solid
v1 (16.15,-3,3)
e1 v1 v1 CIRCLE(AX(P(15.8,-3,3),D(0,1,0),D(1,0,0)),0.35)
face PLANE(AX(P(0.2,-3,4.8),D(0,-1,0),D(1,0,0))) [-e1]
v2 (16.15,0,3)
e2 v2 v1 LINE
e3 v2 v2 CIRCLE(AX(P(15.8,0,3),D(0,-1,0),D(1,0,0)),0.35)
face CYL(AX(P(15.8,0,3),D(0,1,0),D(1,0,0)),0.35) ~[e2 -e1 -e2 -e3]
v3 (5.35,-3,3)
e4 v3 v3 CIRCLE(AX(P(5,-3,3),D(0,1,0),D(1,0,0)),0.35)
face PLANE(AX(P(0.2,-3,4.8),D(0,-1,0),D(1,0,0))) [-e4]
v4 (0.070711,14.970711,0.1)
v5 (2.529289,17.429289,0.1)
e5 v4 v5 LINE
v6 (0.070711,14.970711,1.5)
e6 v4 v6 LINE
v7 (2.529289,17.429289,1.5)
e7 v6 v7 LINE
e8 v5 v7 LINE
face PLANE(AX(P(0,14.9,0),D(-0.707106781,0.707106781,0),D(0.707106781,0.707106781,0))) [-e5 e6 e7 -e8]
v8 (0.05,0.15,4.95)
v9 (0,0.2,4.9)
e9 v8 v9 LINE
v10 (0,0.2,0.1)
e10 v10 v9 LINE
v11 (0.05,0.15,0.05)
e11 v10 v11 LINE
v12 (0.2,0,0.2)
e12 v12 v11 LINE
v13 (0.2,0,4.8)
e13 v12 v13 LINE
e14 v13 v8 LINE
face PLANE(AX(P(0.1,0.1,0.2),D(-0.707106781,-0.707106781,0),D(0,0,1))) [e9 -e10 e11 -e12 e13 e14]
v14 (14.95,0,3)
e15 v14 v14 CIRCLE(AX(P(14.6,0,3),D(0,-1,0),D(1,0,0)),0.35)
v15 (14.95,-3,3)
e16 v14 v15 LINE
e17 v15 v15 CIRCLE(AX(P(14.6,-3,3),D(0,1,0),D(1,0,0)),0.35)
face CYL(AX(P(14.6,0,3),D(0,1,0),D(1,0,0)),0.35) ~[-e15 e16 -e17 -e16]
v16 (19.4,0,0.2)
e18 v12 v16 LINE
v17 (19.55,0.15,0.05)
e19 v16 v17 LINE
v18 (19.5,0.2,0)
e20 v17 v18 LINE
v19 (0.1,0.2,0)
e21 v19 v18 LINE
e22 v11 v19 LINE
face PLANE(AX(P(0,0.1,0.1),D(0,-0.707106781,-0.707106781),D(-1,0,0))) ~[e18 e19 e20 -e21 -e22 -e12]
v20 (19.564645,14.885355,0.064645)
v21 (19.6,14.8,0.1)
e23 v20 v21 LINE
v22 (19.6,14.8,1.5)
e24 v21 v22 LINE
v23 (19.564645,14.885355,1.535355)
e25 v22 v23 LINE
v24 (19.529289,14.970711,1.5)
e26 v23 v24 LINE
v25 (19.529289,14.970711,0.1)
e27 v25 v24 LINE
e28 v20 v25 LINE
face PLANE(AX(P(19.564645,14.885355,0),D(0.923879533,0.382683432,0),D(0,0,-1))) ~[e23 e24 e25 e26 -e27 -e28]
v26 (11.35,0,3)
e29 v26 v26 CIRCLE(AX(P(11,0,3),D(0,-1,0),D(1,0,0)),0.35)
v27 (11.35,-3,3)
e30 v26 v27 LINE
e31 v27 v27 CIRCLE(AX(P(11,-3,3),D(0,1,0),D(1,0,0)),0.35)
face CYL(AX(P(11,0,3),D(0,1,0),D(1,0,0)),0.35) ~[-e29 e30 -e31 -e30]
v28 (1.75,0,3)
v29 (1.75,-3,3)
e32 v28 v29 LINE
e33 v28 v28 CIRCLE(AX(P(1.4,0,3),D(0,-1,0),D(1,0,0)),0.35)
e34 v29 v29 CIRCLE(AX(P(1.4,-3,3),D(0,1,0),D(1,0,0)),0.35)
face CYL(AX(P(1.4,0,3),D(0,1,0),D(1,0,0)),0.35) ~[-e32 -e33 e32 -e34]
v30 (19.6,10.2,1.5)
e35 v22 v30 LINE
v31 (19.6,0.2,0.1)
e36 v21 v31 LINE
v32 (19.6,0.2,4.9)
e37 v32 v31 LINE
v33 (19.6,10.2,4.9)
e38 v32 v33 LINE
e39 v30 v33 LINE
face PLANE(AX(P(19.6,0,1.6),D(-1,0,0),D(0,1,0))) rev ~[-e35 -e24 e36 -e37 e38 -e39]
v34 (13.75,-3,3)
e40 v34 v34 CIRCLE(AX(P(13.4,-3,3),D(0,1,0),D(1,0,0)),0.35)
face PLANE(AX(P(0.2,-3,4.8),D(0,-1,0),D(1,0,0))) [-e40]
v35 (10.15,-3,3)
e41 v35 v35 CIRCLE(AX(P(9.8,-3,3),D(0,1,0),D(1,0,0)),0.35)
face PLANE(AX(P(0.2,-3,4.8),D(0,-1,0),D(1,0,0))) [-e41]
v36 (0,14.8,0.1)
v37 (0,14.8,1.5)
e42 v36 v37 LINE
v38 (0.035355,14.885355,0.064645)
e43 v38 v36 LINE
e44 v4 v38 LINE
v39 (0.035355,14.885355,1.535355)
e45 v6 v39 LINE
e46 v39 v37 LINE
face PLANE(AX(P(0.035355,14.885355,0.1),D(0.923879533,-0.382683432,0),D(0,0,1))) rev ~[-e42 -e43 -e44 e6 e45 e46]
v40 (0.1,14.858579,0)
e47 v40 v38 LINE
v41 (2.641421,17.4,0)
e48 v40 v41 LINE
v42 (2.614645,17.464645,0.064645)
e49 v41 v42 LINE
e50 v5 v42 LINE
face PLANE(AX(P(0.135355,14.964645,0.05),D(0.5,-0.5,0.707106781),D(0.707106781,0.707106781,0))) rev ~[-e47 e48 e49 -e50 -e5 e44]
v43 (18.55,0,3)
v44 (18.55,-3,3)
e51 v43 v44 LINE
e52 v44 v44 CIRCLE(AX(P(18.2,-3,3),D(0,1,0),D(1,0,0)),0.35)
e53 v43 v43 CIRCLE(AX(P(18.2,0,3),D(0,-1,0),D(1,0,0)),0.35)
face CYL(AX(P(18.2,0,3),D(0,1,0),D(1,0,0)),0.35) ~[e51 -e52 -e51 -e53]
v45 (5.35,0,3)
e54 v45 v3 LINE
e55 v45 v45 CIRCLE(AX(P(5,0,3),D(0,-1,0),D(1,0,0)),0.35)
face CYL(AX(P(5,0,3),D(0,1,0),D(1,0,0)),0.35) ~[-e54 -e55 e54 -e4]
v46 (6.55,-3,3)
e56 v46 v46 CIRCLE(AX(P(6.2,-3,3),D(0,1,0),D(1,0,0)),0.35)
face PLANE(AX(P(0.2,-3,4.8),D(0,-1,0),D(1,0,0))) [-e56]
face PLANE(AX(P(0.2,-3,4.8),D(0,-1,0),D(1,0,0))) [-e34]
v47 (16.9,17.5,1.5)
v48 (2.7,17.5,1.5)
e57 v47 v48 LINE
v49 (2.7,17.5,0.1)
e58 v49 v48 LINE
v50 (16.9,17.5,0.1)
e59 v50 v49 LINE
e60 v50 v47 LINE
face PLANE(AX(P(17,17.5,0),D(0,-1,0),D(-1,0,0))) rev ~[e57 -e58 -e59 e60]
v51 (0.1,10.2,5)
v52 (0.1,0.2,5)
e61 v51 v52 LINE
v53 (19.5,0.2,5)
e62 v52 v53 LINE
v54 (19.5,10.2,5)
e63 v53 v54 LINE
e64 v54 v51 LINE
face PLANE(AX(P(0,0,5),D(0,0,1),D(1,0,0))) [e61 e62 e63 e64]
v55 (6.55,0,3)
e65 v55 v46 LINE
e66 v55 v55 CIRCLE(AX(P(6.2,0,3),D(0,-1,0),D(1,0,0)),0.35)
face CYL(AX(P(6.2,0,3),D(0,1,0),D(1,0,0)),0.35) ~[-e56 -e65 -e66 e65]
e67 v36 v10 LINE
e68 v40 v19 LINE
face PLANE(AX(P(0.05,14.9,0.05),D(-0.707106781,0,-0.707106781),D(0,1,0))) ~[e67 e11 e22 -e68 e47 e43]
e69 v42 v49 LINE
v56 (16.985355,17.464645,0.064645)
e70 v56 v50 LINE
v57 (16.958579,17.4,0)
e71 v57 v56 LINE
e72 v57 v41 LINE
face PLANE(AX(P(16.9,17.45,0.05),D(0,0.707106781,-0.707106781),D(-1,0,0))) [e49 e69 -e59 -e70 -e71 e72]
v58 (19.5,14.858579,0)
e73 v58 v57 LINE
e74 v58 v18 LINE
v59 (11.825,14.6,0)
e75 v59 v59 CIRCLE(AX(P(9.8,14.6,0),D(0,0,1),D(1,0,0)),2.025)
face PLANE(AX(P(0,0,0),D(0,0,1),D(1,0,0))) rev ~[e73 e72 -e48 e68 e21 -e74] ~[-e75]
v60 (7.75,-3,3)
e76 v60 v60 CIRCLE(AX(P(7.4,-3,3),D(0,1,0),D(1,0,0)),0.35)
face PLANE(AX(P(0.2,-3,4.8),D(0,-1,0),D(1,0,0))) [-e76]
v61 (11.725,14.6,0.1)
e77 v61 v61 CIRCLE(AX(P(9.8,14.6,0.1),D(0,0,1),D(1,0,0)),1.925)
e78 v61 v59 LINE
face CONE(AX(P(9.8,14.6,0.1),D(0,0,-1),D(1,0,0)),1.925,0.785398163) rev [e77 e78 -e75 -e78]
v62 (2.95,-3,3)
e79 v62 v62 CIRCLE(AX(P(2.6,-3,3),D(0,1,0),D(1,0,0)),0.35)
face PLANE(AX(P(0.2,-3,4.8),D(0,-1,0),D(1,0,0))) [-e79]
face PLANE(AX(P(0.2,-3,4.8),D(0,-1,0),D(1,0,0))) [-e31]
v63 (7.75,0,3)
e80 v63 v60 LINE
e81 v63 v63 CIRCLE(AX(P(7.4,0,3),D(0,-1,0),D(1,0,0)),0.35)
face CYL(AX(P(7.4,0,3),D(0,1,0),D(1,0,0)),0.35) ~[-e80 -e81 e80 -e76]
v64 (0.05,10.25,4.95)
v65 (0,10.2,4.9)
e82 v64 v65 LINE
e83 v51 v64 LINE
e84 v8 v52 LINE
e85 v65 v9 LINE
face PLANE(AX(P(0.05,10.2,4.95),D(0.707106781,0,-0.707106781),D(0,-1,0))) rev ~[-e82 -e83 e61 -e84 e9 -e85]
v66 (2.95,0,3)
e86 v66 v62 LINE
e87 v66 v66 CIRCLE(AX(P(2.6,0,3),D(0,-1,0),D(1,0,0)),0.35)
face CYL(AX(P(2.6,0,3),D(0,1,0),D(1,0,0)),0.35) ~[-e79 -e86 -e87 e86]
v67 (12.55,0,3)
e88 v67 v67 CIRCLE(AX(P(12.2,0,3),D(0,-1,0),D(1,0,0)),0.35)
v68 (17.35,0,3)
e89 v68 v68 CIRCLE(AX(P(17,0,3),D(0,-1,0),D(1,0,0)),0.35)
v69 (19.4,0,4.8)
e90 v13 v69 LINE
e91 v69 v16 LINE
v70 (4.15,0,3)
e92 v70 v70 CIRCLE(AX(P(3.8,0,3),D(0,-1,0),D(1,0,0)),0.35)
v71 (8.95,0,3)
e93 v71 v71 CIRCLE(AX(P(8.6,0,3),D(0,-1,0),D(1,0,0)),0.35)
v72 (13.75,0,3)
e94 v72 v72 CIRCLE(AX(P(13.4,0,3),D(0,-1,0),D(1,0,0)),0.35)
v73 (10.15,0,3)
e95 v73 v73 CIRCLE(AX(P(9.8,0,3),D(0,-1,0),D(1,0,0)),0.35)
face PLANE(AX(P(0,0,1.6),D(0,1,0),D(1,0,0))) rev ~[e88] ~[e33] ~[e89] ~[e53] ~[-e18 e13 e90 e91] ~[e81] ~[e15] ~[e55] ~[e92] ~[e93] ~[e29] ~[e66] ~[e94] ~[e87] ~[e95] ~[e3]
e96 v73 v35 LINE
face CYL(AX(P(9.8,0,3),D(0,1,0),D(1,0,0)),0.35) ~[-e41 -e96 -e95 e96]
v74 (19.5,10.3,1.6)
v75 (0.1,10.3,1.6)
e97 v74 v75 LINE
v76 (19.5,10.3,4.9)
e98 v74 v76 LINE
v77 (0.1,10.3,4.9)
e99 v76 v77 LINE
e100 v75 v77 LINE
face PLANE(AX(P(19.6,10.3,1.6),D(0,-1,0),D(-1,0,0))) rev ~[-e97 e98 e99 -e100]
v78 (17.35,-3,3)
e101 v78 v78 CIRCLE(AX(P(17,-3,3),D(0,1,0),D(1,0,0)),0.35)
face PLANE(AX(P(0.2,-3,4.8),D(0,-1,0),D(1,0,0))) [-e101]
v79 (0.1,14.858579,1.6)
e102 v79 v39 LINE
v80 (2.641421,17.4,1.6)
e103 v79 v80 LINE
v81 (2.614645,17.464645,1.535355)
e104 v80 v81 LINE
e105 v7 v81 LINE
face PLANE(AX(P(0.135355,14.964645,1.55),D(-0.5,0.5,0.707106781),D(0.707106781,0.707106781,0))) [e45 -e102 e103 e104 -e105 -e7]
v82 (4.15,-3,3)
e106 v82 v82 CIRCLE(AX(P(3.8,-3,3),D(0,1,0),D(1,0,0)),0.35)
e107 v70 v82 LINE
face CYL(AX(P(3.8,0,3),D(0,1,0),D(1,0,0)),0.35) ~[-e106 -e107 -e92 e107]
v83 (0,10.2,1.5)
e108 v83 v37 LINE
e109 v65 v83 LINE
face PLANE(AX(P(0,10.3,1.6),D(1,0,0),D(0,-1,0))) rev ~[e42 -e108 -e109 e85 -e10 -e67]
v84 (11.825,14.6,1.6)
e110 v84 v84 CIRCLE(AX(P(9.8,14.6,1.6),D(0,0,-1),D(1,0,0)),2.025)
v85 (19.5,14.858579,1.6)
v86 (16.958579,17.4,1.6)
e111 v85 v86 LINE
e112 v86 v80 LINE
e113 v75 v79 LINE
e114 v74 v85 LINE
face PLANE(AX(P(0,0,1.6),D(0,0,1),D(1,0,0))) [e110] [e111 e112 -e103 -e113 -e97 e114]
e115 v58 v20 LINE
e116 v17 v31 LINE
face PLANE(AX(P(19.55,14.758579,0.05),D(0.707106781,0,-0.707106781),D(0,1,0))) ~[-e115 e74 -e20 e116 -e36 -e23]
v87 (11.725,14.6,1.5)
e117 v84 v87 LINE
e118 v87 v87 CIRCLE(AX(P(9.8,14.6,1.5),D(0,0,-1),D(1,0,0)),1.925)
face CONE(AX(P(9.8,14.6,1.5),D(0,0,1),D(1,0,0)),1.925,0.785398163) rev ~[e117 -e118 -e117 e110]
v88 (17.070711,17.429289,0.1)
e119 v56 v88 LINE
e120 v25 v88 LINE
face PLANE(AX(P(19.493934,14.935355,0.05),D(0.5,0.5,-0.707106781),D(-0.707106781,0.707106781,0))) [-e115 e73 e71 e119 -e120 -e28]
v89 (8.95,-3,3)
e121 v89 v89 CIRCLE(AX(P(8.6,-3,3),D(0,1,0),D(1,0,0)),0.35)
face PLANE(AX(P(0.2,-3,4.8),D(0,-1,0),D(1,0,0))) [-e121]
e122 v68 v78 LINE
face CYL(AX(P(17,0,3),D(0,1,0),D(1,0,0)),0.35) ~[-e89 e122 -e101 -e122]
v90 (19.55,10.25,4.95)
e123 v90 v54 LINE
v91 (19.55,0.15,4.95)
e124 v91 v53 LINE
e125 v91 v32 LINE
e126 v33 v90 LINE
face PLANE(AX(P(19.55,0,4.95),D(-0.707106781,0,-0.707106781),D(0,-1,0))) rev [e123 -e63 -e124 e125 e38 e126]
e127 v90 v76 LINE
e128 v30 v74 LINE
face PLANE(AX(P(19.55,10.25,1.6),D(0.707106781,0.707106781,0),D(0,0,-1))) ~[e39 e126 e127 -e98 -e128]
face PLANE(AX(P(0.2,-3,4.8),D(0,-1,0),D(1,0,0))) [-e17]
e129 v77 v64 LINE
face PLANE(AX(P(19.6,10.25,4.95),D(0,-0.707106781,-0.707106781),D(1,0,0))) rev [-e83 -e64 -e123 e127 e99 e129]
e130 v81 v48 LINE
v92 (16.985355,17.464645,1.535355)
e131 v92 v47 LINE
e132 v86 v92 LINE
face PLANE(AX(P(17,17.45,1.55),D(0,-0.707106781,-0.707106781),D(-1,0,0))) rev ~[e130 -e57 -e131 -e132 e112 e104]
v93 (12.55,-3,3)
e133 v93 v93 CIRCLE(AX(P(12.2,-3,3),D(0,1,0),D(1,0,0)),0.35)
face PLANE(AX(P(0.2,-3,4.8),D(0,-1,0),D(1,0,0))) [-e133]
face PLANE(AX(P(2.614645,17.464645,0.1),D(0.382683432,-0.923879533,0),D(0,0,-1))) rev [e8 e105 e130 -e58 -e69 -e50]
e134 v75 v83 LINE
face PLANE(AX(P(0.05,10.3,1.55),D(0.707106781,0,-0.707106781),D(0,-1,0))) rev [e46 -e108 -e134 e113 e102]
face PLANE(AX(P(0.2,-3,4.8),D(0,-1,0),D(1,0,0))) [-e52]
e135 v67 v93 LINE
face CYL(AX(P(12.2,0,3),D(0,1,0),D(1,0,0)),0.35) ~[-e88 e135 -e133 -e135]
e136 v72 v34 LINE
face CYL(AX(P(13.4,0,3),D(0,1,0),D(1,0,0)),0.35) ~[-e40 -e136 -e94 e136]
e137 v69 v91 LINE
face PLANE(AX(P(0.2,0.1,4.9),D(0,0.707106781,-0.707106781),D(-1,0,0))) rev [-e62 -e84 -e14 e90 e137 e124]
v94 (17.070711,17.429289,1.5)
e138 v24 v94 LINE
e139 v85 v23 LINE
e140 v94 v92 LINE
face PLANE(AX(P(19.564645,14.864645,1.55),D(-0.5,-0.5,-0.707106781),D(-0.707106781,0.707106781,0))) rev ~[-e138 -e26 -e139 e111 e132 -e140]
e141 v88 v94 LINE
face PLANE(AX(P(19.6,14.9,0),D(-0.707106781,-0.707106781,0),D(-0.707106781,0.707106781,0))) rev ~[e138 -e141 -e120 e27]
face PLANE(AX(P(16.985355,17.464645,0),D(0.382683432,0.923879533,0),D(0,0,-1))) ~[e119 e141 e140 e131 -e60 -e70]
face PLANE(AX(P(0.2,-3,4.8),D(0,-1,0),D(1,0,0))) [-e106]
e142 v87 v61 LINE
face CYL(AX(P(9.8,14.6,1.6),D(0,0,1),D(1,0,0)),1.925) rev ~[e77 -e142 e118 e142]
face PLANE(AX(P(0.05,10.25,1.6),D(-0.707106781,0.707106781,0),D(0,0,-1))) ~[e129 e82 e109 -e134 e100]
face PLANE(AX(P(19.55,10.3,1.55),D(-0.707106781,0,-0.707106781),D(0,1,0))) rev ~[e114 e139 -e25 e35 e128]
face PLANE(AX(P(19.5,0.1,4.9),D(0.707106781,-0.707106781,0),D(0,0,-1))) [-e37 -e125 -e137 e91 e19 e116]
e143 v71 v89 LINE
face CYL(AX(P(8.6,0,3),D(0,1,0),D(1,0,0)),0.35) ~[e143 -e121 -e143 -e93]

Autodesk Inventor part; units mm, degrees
ref_plane "YZ Plane" through (0, 0, 0) normal (1, 0, 0) x (0, 1, 0)
ref_plane "XZ Plane" through (0, 0, 0) normal (0, 1, 0) x (-1, 0, 0)
ref_plane "XY Plane" through (0, 0, 0) normal (0, 0, 1) x (1, 0, 0)
sketch "Эскиз1" plane through (0, 0, 0) normal (0, 0, 1) x (1, 0, 0)
  line L0 (0, 0) -> (19.6, 0)
  line L1 (19.6, 0) -> (19.6, 17.5)
  line L2 (19.6, 17.5) -> (0, 17.5)
  line L3 (0, 17.5) -> (0, 0)
  line L4 (0, 0) -> (0, 10.7)
  line L5 (0, 10.7) -> (19.6, 10.7)
  line L6 (19.6, 17.5) -> (17, 17.5)
  line L7 (19.6, 17.5) -> (19.6, 14.9)
  line L8 (19.6, 14.9) -> (17, 17.5)
  line L9 (0, 17.5) -> (2.6, 17.5)
  line L10 (0, 17.5) -> (0, 14.9)
  line L11 (0, 14.9) -> (2.6, 17.5)
  dimension "d0" = 19.6
  dimension "d1" = 17.5
  dimension "d2" = 10.7
  dimension "d3" = 2.6
  dimension "d4" = 2.6
  dimension "d5" = 2.6
  dimension "d6" = 2.6
extrude "Выдавливание1" add sketch "Эскиз1" along normal blind 1.6 contours L3 L5 L1 L0 | L3 L11 L2 L8 L1 L5
sketch "Эскиз2" plane through (0, 0, 1.6) normal (0, 0, 1) x (1, 0, 0)
  line L0 (2.6, 17.5) -> (0, 14.9) projected
  line L1 (19.6, 0) -> (19.6, 14.9) projected
  line L2 (0, 14.9) -> (19.6, 14.9)
  line L3 (19.6, 14.9) -> (9.8, 14.9)
  line L4 (17, 17.5) -> (2.6, 17.5) projected
  line L5 (9.8, 17.5) -> (9.8, 14.6)
  circle A0 centre (9.8, 14.6) radius 1.925
  point P0 (0, 0)
  dimension "d9" = 2.9
  dimension "d10" = 3.85
extrude "Выдавливание2" cut sketch "Эскиз2" against normal blind 1.6 contours A0 L5 L2 | L2 A0 | A0 L2 L5
sketch "Эскиз3" plane through (0, 0, 1.6) normal (0, 0, 1) x (1, 0, 0)
  line L0 (0, 14.9) -> (0, 0) projected
  line L1 (0, 0) -> (0, 10.3)
  line L2 (0, 0) -> (19.6, 0) projected
  line L3 (19.6, 0) -> (19.6, 10.3)
  line L4 (19.6, 0) -> (19.6, 14.9) projected
  line L5 (19.6, 10.3) -> (0, 10.3)
  dimension "d13" = 10.3
  dimension "d14" = 10.3
extrude "Выдавливание3" add sketch "Эскиз3" along normal blind 3.4
chamfer "Фаска1" distance 0.1 angle 45 1 edges at (9.8, 10.3, 5)
chamfer "Фаска2" distance 0.1 angle 45 16 edges at (19.6, 5.1, 5) (0, 5.1, 5) (9.8, 17.5, 1.6) (18.3, 16.2, 1.6) (19.6, 12.6, 1.6) (0, 12.6, 1.6) (1.3, 16.2, 1.6) (19.6, 14.9, 0.8) (17, 17.5, 0.8) (7.875, 14.6, 1.6) (7.875, 14.6, 0) (9.8, 17.5, 0) (18.3, 16.2, 0) (19.6, 7.45, 0) (19.6, 10.3, 3.25) (0, 10.3, 3.25)
chamfer "Фаска3" distance 0.2 angle 45 1 edges at (9.75, 0, 0)
chamfer "Фаска4" distance 0.2 angle 45 3 edges at (19.6, 0, 2.55) (0, 0, 2.55) (9.8, 0, 5)
chamfer "Фаска5" distance 0.1 angle 45 4 edges at (0, 7.55, 0) (1.25, 16.15, 0) (2.6, 17.5, 0.8) (0, 14.9, 0.75)
sketch "Эскиз4" plane through (0.2, 0, 4.8) normal (0, -1, 0) x (1, 0, 0)
  line L0 (0, -4.6) -> (0, 0) projected
  line L1 (19.2, 0) -> (19.2, -4.6) projected
  line L2 (0, 0) -> (19.2, 0)
  line L3 (19.2, 0) -> (19.2, -3.6)
  line L4 (19.2, -3.6) -> (0, -3.6)
  line L5 (0, -3.6) -> (0, 0)
  line L6 (-0.15, 0.15) -> (0, 0) projected
  line L7 (9.6, -1.8) -> (0, -1.8)
  line L8 (9.6, -1.8) -> (19.2, -1.8)
  line L9 (0, 0) -> (19.2, 0) projected
  line L10 (0, -3.6) -> (19.2, 0)
  line L11 (0, 0) -> (19.2, -3.6)
  line L12 (9.6, -1.8) -> (9.6, 0)
  line L13 (9.6, 0) -> (0, -3.6)
  line L14 (0, 0) -> (9.6, -3.6)
  line L15 (9.6, -3.6) -> (19.2, 0)
  line L16 (9.6, 0) -> (19.2, -3.6)
  line L17 (4.8, -1.8) -> (4.8, 0)
  line L18 (4.8, 0) -> (0, -3.6)
  line L19 (0, 0) -> (4.8, -3.6)
  line L20 (4.8, -3.6) -> (9.6, 0)
  line L21 (4.8, 0) -> (9.6, -3.6)
  line L22 (14.4, -1.8) -> (14.4, 0)
  line L23 (14.4, 0) -> (9.6, -3.6)
  line L24 (9.6, 0) -> (14.4, -3.6)
  line L25 (14.4, -3.6) -> (19.2, 0)
  line L26 (14.4, 0) -> (19.2, -3.6)
  line L27 (16.8, -1.8) -> (16.8, 0)
  line L28 (19.2, 0) -> (16.8, -3.6)
  line L29 (16.8, 0) -> (19.2, -3.6)
  line L30 (16.8, 0) -> (14.4, -3.6)
  line L31 (14.4, 0) -> (16.8, -3.6)
  line L32 (12, -1.8) -> (12, 0)
  line L33 (14.4, 0) -> (12, -3.6)
  line L34 (12, 0) -> (14.4, -3.6)
  line L35 (12, 0) -> (9.6, -3.6)
  line L36 (9.6, 0) -> (12, -3.6)
  line L37 (9.6, 0) -> (7.2, -3.6)
  line L38 (7.2, 0) -> (9.6, -3.6)
  line L39 (7.2, 0) -> (4.8, -3.6)
  line L40 (4.8, 0) -> (7.2, -3.6)
  line L41 (2.4, -1.8) -> (2.4, 0)
  line L42 (4.8, 0) -> (2.4, -3.6)
  line L43 (2.4, 0) -> (4.8, -3.6)
  line L44 (2.4, 0) -> (0, -3.6)
  line L45 (0, 0) -> (2.4, -3.6)
  circle A0 centre (1.2, -1.8) radius 0.35
  circle A1 centre (2.4, -1.8) radius 0.35
  circle A2 centre (3.6, -1.8) radius 0.35
  circle A3 centre (4.8, -1.8) radius 0.35
  circle A4 centre (6, -1.8) radius 0.35
  circle A5 centre (7.2, -1.8) radius 0.35
  circle A6 centre (8.4, -1.8) radius 0.35
  circle A7 centre (9.6, -1.8) radius 0.35
  circle A8 centre (10.8, -1.8) radius 0.35
  circle A9 centre (12, -1.8) radius 0.35
  circle A10 centre (13.2, -1.8) radius 0.35
  circle A11 centre (14.4, -1.8) radius 0.35
  circle A12 centre (15.6, -1.8) radius 0.35
  circle A13 centre (16.8, -1.8) radius 0.35
  circle A14 centre (18, -1.8) radius 0.35
  point P0 (-0.2, -4.8)
  dimension "d32" = 3.6
  dimension "d33" = 0.7
  dimension "d34" = 0.7
  dimension "d35" = 0.7
  dimension "d36" = 0.7
  dimension "d37" = 0.7
  dimension "d38" = 0.7
  dimension "d39" = 0.7
  dimension "d40" = 0.7
  dimension "d41" = 0.7
  dimension "d42" = 0.7
  dimension "d43" = 0.7
  dimension "d44" = 0.7
  dimension "d45" = 0.7
  dimension "d46" = 0.7
  dimension "d47" = 0.7
extrude "Выдавливание4" add sketch "Эскиз4" along normal blind 3 contours A0 L7 L44 | L44 L45 A0 | A0 L45 L7 | A1 L7 L18 | L18 L19 A1 | L45 L7 A0 | L44 A0 L7 | L45 A0 L44 | L19 L7 A1 | A2 L7 L42 | L42 L43 A2 | L18 A1 L7 | L41 A1 L18 | L7 A1 L19 | L19 A1 L41 | A5 L7 L20 | L20 L21 A5 | A4 L39 L40 | L40 L7 A4 | A3 L7 L13 | L13 L14 A3 | L43 L7 A2 | L42 A2 L7 | L43 A2 L42 | L7 A2 L43 | A8 L11 L35 | L35 L11 L36 A8 | A6 L37 L10 L38 | L38 L10 A6 | A6 L7 L37 L10 | L10 L37 A6 | L21 L7 A5 | L14 L7 A3 | A4 L7 L39 | L20 A5 L7 | L21 A5 L20 | L7 A5 L21 | L39 A4 L7 | L40 A4 L39 | L7 A4 L40 | L13 A3 L7 | L17 A3 L13 | L7 A3 L14 | L14 A3 L17 | L36 L11 A8 | L35 L36 L11 | L11 A8 L8 L35 | L38 L7 A6 L10 | L10 L37 L38 | A6 L11 L38 L7 | A7 L10 L12 | L12 L11 A7 | A8 L35 L10 L36 | L36 L10 A8 | A6 L11 L37 | L37 L11 L38 A6 | A6 L38 L11 | A9 L23 L24 | L24 L8 A9 | A10 L8 L33 | L33 L34 A10 | L11 L36 L8 A8 | A9 L8 L23 | L35 L10 A8 L8 | L36 L10 L35 | L8 A8 L10 L36 | A7 L10 L11 | L11 L8 A7 | L37 L11 A6 L7 | L38 L11 L37 | A7 L7 L10 | L10 A7 L8 | L7 A7 L11 | A8 L10 L35 | A11 L8 L15 | L15 L16 A11 | L34 L8 A10 | L23 A9 L8 | L32 A9 L23 | L8 A9 L24 | L24 A9 L32 | L33 A10 L8 | L34 A10 L33 | L8 A10 L34 | A14 L28 L29 | L29 L8 A14 | A13 L8 L25 | L25 L26 A13 | A12 L30 L31 | L31 L8 A12 | L16 L8 A11 | A12 L8 L30 | L15 A11 L8 | L22 A11 L15 | L8 A11 L16 | L16 A11 L22 | L8 L28 A14 | L26 L8 A13 | A14 L8 L28 | L29 A14 L28 | L8 A14 L29 | L25 A13 L8 | L27 A13 L25 | L8 A13 L26 | L26 A13 L27 | L30 A12 L8 | L31 A12 L30 | L8 A12 L31
sketch "Эскиз5" plane through (1.4, -3, 3) normal (0, -1, 0) x (1, 0, 0)
  point P0 (-1.4, -3)
properties part number "l298n"
